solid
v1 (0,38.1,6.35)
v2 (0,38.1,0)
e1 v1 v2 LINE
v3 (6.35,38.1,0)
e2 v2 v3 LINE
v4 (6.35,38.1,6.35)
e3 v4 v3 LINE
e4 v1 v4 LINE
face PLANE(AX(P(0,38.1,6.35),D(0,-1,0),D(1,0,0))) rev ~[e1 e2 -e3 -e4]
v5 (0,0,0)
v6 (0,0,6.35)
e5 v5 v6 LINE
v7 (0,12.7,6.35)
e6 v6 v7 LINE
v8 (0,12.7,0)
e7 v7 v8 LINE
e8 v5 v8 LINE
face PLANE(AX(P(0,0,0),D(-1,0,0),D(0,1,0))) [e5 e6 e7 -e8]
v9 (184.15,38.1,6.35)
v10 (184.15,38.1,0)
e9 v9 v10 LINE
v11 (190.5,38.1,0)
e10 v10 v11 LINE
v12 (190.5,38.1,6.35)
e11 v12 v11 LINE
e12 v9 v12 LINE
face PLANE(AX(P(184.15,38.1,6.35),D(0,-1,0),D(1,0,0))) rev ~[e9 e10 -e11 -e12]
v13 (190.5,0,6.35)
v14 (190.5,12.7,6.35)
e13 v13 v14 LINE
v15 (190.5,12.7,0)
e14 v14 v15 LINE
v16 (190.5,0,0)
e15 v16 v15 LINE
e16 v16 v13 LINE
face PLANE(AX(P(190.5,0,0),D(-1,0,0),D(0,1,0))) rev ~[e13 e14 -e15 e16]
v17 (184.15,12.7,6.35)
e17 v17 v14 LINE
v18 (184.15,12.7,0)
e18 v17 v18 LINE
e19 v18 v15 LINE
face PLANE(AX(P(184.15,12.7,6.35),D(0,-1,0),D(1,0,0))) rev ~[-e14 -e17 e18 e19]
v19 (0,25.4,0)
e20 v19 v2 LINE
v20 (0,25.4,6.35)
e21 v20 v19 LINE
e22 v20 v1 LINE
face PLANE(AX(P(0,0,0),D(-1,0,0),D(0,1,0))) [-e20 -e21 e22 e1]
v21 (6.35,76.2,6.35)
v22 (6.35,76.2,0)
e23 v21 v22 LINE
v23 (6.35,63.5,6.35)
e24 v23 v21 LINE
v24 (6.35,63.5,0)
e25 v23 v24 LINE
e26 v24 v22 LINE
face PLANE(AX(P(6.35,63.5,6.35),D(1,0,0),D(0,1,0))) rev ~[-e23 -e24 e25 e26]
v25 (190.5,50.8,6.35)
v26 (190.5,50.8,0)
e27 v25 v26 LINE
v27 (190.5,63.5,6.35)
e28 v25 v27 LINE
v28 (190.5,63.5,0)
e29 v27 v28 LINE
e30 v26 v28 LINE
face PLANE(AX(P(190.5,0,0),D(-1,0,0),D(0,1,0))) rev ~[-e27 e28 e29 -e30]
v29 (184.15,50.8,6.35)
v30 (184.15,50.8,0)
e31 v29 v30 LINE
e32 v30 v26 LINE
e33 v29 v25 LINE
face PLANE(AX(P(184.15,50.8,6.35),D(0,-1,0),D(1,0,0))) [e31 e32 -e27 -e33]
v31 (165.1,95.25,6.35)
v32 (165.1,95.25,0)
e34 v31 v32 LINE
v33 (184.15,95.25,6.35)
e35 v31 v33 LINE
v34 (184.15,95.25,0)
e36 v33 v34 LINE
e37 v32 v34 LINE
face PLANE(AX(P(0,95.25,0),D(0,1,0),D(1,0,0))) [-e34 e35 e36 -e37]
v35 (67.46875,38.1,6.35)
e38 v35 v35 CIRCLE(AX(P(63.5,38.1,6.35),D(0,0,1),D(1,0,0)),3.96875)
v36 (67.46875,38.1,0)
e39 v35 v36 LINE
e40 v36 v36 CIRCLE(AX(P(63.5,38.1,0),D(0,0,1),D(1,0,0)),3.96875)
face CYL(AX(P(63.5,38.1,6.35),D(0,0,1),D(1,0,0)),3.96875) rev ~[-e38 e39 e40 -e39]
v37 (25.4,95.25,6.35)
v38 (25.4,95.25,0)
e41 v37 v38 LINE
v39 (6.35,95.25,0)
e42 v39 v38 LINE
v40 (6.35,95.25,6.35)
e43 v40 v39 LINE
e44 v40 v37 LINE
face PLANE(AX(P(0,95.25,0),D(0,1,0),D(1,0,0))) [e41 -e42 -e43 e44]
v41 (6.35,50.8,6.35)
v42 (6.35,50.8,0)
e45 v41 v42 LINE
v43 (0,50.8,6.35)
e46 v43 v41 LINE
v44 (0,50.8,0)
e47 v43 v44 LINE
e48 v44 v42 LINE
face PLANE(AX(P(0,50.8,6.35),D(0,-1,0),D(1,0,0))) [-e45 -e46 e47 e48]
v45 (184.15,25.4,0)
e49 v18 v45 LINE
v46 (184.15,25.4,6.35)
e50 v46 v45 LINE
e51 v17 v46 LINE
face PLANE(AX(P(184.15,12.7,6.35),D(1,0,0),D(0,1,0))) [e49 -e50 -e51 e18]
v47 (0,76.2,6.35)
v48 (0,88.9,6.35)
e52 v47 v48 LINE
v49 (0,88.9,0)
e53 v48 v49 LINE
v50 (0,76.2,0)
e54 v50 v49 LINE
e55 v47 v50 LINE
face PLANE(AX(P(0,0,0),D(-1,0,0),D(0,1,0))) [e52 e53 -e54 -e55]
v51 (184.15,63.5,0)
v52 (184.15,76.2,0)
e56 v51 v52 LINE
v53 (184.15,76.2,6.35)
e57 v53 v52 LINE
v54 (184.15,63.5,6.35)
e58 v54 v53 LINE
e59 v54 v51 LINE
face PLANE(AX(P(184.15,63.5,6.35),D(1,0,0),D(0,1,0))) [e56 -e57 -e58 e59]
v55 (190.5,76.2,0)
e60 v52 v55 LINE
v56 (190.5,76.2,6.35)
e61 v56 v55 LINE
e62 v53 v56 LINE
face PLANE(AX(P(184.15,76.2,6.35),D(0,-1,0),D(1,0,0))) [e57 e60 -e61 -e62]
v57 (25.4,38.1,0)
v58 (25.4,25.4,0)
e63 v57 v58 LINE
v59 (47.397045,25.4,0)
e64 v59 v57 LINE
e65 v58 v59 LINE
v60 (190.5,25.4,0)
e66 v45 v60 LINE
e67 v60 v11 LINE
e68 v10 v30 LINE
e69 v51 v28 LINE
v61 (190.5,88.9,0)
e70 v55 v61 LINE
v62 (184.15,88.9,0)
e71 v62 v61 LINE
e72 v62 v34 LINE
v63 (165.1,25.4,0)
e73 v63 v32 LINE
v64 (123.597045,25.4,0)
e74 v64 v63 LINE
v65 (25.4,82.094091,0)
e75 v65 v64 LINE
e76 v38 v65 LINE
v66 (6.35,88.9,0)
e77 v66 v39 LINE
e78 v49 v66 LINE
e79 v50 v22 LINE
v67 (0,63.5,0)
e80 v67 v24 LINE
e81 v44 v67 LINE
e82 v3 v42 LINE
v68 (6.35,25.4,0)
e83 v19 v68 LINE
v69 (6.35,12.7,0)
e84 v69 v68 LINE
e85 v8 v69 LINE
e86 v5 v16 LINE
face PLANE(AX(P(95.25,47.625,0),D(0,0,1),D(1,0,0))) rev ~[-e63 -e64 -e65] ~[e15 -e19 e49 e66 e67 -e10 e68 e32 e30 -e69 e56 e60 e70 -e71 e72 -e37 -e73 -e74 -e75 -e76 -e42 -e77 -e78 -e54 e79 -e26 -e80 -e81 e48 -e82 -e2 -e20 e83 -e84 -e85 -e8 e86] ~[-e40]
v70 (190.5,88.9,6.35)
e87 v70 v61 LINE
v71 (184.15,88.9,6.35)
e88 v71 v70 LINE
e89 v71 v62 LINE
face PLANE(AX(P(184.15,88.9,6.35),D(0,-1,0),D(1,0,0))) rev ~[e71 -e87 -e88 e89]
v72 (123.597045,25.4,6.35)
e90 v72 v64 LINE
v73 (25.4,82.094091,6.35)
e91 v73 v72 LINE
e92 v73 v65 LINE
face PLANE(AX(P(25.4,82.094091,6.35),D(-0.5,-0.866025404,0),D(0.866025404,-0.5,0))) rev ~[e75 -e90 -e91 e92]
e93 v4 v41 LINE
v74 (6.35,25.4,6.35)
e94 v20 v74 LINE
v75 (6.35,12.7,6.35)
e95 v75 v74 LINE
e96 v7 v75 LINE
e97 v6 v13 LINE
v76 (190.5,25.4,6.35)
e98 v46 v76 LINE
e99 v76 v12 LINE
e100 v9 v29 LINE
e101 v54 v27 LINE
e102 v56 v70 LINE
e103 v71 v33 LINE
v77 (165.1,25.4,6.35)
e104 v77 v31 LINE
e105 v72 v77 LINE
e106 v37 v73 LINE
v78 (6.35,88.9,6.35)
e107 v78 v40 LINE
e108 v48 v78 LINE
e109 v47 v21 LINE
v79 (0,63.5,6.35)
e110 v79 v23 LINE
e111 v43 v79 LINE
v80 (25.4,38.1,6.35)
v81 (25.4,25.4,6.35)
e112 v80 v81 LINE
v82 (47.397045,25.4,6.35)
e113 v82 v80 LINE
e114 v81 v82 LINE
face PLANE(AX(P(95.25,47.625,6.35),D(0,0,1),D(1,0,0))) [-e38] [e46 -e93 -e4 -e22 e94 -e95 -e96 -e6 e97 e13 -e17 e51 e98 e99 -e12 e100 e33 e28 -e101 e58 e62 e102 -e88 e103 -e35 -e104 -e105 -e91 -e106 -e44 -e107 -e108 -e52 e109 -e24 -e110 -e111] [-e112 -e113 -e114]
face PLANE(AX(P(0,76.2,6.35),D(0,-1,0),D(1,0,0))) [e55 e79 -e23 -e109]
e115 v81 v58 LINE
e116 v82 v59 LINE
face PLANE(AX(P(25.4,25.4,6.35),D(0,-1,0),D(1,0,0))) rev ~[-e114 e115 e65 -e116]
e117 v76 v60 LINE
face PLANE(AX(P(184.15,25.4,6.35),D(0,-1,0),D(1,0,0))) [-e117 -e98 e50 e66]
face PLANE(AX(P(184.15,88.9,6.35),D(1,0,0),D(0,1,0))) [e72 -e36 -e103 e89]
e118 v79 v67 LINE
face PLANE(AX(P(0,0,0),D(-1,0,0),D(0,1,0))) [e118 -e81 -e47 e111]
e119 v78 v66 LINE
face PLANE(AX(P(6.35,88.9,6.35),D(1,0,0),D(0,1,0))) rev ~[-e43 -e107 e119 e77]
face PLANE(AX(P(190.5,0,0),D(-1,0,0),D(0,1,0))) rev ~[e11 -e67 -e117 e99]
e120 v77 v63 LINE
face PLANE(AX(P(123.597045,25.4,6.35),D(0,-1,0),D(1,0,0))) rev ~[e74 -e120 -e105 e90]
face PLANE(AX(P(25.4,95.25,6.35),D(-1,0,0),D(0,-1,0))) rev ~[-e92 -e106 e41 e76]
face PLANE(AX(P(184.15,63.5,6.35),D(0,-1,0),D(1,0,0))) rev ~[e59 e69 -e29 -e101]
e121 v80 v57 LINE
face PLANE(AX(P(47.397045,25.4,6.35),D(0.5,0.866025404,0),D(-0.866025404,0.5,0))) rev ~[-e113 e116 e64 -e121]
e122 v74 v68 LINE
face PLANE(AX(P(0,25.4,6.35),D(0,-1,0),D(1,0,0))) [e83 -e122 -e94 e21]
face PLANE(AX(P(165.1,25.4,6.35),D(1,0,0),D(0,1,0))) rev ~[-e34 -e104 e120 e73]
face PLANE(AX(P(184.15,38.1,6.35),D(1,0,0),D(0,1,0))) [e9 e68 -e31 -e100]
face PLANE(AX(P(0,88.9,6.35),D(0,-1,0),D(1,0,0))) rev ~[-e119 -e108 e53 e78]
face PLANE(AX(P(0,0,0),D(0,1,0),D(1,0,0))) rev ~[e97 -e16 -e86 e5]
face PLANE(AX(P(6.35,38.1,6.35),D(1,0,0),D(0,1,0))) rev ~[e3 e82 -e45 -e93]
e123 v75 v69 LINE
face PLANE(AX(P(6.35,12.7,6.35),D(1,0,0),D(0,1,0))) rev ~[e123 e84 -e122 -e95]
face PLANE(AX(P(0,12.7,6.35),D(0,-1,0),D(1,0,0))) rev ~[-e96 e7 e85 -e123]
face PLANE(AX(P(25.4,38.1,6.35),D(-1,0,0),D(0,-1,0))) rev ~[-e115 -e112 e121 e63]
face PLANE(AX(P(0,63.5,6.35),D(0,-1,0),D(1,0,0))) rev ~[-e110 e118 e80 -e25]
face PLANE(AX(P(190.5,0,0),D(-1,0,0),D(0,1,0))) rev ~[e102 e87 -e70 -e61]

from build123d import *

# Parameters (mm, degrees)
SKETCH1_W           = 190.5
SKETCH1_H           = 95.25
BOSS_EXTRUDE1_DEPTH = 6.35
SKETCH2_R           = 3.96875
CUT_EXTRUDE1_DEPTH  = 7.35
SKETCH3_W           = 6.35
SKETCH3_H           = 12.7
CUT_EXTRUDE2_DEPTH  = 7.35
SKETCH4_W           = 6.35
SKETCH4_H           = 12.7
CUT_EXTRUDE3_DEPTH  = 7.35
LPATTERN1_COUNT     = 4
LPATTERN1_PITCH     = 25.4
CUT_EXTRUDE4_DEPTH  = 7.35


with BuildPart() as part:
    # Sketch1 → Boss-Extrude1 (new body)
    with BuildSketch(Plane.XY):
        with Locations((95.25, 47.625)):
            Rectangle(SKETCH1_W, SKETCH1_H)
    extrude(amount=BOSS_EXTRUDE1_DEPTH)

    # Sketch2 → Cut-Extrude1 (cut, through all)
    with BuildSketch(Plane.XY.offset(6.35)):
        with Locations((63.5, 38.1)):
            Circle(SKETCH2_R)
    extrude(amount=-CUT_EXTRUDE1_DEPTH, mode=Mode.SUBTRACT)

    # Sketch3 → Cut-Extrude2 (cut, through all)
    with BuildSketch(Plane.XY.offset(6.35)):
        with Locations((3.175, 19.05)):
            Rectangle(SKETCH3_W, SKETCH3_H)
    cut_extrude2 = extrude(amount=-CUT_EXTRUDE2_DEPTH, mode=Mode.SUBTRACT)

    # Sketch4 → Cut-Extrude3 (cut, through all)
    with BuildSketch(Plane.XY.offset(6.35)):
        with Locations((187.325, 19.05)):
            Rectangle(SKETCH4_W, SKETCH4_H)
    cut_extrude3 = extrude(amount=-CUT_EXTRUDE3_DEPTH, mode=Mode.SUBTRACT)

    # LPattern1: Cut-Extrude2, Cut-Extrude3 ×4
    with Locations(*[(0, i * LPATTERN1_PITCH, 0) for i in range(1, LPATTERN1_COUNT)]):
        add(cut_extrude2, mode=Mode.SUBTRACT)
        add(cut_extrude3, mode=Mode.SUBTRACT)

    # Sketch6 → Cut-Extrude4 (cut, through all)
    with BuildSketch(Plane.XY.offset(6.35)):
        Polygon((25.4, 95.25), (25.4, 82.094090512), (123.597045256, 25.4), (165.1, 25.4), (165.1, 95.25), align=None)
        Polygon((25.4, 38.1), (25.4, 25.4), (47.397045256, 25.4), align=None)
    extrude(amount=-CUT_EXTRUDE4_DEPTH, mode=Mode.SUBTRACT)


solid = part.part
